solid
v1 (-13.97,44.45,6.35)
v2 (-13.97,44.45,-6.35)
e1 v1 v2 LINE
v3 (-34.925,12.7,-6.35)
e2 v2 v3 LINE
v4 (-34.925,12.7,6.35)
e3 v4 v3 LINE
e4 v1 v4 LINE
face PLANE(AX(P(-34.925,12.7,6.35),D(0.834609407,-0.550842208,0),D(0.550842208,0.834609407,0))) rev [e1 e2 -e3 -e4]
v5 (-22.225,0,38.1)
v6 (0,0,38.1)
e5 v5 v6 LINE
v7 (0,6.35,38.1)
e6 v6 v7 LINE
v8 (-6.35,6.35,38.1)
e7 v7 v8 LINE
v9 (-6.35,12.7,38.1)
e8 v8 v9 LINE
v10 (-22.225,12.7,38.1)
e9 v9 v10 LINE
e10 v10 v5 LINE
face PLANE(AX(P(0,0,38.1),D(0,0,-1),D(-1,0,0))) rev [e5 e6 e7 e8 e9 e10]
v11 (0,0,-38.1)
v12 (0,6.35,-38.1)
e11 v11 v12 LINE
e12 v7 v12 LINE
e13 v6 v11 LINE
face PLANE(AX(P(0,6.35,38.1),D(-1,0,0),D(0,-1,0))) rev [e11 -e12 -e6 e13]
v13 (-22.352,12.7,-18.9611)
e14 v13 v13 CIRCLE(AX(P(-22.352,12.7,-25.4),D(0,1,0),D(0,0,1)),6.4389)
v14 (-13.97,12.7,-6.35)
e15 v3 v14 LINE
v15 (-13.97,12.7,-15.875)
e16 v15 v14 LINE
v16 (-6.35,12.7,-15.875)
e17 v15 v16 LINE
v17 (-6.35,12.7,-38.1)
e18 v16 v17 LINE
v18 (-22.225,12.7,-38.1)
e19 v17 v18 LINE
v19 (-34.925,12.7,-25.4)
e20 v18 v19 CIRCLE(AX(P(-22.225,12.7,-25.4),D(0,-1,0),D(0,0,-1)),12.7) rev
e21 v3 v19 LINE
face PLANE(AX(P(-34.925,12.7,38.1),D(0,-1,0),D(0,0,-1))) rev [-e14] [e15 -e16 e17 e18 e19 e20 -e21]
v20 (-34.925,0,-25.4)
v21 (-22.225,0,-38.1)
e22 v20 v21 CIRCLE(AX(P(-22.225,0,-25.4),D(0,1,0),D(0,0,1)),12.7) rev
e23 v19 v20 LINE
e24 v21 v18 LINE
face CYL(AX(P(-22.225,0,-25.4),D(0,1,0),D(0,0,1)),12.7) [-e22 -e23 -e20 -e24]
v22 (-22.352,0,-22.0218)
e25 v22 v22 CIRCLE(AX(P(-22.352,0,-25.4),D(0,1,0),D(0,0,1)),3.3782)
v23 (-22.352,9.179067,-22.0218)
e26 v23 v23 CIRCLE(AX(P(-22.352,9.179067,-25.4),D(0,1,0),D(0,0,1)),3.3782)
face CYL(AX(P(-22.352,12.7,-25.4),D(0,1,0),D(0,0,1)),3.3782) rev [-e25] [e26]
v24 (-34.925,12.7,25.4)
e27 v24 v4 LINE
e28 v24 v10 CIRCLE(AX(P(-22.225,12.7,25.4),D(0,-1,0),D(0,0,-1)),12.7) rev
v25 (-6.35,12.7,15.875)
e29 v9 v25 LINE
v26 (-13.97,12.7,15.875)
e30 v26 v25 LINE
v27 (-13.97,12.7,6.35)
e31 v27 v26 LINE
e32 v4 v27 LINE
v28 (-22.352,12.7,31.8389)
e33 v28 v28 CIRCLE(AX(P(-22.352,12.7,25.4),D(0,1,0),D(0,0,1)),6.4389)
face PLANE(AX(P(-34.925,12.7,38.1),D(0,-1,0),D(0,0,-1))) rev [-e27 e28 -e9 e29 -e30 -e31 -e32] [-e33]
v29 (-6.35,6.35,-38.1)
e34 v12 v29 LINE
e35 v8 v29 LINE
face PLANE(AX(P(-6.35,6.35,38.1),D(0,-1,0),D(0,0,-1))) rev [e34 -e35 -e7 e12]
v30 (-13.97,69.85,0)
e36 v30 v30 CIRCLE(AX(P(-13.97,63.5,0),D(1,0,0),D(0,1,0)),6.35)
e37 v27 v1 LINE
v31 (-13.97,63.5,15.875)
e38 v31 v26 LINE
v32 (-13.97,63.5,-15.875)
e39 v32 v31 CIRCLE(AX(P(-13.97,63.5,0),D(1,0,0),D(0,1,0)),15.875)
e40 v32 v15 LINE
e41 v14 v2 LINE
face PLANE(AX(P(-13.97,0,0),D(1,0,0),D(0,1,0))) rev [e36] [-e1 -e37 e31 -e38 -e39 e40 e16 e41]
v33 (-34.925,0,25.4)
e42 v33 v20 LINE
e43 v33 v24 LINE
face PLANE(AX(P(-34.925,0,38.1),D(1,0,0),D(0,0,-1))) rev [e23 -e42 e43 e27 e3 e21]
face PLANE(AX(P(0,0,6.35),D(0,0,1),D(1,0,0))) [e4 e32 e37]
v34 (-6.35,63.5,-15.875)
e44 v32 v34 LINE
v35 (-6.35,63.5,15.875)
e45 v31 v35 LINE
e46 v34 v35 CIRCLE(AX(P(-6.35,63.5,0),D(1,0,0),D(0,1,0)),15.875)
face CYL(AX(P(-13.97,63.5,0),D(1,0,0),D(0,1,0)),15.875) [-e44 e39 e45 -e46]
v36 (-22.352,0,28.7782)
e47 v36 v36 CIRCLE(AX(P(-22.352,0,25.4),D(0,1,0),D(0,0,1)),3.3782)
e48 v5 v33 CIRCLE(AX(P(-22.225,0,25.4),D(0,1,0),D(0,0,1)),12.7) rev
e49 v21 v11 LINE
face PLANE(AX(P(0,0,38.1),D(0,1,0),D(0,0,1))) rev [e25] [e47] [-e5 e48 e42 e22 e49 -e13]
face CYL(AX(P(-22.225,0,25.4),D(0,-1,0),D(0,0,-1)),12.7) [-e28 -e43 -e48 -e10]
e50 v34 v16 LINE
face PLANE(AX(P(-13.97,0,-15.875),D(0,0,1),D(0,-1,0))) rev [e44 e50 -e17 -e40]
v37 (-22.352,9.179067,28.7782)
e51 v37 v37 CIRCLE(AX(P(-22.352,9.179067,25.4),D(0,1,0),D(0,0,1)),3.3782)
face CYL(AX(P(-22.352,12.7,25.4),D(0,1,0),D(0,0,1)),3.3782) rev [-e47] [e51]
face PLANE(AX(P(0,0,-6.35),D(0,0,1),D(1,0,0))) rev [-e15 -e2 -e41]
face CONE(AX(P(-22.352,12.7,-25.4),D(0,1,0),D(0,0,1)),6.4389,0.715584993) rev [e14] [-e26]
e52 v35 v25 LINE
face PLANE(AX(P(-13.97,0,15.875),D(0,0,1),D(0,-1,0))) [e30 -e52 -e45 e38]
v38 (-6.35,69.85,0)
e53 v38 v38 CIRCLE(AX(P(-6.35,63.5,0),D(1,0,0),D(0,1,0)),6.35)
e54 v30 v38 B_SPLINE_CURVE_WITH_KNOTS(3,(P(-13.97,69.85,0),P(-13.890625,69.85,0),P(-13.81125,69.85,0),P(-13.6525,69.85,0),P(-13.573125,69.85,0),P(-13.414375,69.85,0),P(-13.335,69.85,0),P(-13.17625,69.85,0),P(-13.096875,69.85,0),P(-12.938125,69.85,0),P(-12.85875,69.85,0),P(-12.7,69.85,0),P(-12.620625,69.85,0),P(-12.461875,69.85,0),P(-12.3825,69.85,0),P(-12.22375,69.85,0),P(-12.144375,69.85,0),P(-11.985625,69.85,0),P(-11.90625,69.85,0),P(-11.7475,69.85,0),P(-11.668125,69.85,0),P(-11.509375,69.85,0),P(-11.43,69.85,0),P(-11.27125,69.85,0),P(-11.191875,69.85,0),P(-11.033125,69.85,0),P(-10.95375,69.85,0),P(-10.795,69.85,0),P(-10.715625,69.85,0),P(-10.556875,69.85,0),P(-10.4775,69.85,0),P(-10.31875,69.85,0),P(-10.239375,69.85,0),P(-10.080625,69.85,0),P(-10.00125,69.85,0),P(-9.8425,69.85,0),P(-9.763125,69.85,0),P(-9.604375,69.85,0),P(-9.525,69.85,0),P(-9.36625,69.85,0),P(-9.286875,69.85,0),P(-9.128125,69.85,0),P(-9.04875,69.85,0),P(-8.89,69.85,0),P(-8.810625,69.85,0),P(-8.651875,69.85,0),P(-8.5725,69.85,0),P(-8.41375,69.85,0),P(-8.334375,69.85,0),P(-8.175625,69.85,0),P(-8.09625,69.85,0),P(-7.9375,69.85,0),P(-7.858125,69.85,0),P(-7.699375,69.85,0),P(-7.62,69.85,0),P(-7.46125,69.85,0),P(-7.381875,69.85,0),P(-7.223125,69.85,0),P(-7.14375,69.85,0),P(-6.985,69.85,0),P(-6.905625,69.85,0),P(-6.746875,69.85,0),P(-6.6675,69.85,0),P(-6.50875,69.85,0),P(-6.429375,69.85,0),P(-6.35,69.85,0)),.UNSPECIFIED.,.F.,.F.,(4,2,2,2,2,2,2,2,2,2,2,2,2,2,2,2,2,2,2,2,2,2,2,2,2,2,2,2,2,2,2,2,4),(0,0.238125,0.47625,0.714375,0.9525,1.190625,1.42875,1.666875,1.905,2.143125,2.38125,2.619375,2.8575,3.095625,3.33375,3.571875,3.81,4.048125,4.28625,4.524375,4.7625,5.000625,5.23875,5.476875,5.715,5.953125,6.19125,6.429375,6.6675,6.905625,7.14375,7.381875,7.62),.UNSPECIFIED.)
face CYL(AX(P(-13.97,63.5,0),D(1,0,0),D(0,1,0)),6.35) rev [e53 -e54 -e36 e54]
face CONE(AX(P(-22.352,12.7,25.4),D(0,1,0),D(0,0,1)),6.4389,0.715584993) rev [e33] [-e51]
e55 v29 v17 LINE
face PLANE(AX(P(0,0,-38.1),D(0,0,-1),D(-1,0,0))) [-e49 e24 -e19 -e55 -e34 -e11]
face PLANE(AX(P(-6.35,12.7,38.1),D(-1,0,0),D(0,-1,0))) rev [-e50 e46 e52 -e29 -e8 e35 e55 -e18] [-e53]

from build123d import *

# Parameters (mm, degrees)
BOSS_EXTRUDE1_DEPTH                              = 38.1
SKETCH2_R                                        = 15.875
SKETCH2_R_2                                      = 6.35
BOSS_EXTRUDE2_DEPTH                              = 7.62
BOSS_EXTRUDE3_DEPTH                              = 6.35
FILLET1_R                                        = 12.7
CSK_FOR_1_4_FLAT_HEAD_MACHINE_SCREW1_D           = 6.7564
CSK_FOR_1_4_FLAT_HEAD_MACHINE_SCREW1_CSINK_D     = 12.8778
CSK_FOR_1_4_FLAT_HEAD_MACHINE_SCREW1_CSINK_ANGLE = 82


with BuildPart() as part:
    # Sketch1 → Boss-Extrude1 (new, symmetric)
    with BuildSketch(Plane.XY):
        Polygon((0, 0), (-34.925, 0), (-34.925, 12.7), (-6.35, 12.7), (-6.35, 6.35), (0, 6.35), align=None)
    extrude(amount=BOSS_EXTRUDE1_DEPTH, both=True)

    # Sketch2 → Boss-Extrude2 (add)
    # profile 1 of 2: a face of its own
    with BuildSketch(Plane(origin=(-6.35, 0, 0), x_dir=(0, 0, -1), z_dir=(1, 0, 0))):
        with BuildLine():
            ThreePointArc((15.875, 63.5), (0, 47.625), (-15.875, 63.5))
            Line((-15.875, 63.5), (-15.875, 12.7))
            Line((-15.875, 12.7), (15.875, 12.7))
            Line((15.875, 12.7), (15.875, 63.5))
        make_face()
    # profile 2 of 2: a face of its own
    with BuildSketch(Plane(origin=(-6.35, 0, 0), x_dir=(0, 0, -1), z_dir=(1, 0, 0))):
        with Locations((0, 63.5)):
            Circle(SKETCH2_R)
        with Locations(Location((0, 63.5, 0), (0, 0, 90))):
            Circle(SKETCH2_R_2, mode=Mode.SUBTRACT)
    extrude(amount=-BOSS_EXTRUDE2_DEPTH)

    # Sketch7 → Boss-Extrude3 (add, symmetric)
    with BuildSketch(Plane.XY):
        Polygon((-13.97, 44.45), (-13.97, 12.7), (-34.925, 12.7), align=None)
    extrude(amount=BOSS_EXTRUDE3_DEPTH, both=True)

    # Fillet1
    fillet1_edges = [part.edges().sort_by_distance(p)[0] for p in [
        (-34.925, 6.35, 38.1),
        (-34.925, 6.35, -38.1),
    ]]
    fillet(fillet1_edges, radius=FILLET1_R)

    # CSK for 1/4 Flat Head Machine Screw1 (through all)
    with Locations(Plane(origin=(0, 12.7, 0), x_dir=(1, 0, 0), z_dir=(0, 1, 0))):
        with Locations((-22.352, 25.4), (-22.352, -25.4)):
            CounterSinkHole(CSK_FOR_1_4_FLAT_HEAD_MACHINE_SCREW1_D / 2, CSK_FOR_1_4_FLAT_HEAD_MACHINE_SCREW1_CSINK_D / 2, counter_sink_angle=CSK_FOR_1_4_FLAT_HEAD_MACHINE_SCREW1_CSINK_ANGLE)


solid = part.part
